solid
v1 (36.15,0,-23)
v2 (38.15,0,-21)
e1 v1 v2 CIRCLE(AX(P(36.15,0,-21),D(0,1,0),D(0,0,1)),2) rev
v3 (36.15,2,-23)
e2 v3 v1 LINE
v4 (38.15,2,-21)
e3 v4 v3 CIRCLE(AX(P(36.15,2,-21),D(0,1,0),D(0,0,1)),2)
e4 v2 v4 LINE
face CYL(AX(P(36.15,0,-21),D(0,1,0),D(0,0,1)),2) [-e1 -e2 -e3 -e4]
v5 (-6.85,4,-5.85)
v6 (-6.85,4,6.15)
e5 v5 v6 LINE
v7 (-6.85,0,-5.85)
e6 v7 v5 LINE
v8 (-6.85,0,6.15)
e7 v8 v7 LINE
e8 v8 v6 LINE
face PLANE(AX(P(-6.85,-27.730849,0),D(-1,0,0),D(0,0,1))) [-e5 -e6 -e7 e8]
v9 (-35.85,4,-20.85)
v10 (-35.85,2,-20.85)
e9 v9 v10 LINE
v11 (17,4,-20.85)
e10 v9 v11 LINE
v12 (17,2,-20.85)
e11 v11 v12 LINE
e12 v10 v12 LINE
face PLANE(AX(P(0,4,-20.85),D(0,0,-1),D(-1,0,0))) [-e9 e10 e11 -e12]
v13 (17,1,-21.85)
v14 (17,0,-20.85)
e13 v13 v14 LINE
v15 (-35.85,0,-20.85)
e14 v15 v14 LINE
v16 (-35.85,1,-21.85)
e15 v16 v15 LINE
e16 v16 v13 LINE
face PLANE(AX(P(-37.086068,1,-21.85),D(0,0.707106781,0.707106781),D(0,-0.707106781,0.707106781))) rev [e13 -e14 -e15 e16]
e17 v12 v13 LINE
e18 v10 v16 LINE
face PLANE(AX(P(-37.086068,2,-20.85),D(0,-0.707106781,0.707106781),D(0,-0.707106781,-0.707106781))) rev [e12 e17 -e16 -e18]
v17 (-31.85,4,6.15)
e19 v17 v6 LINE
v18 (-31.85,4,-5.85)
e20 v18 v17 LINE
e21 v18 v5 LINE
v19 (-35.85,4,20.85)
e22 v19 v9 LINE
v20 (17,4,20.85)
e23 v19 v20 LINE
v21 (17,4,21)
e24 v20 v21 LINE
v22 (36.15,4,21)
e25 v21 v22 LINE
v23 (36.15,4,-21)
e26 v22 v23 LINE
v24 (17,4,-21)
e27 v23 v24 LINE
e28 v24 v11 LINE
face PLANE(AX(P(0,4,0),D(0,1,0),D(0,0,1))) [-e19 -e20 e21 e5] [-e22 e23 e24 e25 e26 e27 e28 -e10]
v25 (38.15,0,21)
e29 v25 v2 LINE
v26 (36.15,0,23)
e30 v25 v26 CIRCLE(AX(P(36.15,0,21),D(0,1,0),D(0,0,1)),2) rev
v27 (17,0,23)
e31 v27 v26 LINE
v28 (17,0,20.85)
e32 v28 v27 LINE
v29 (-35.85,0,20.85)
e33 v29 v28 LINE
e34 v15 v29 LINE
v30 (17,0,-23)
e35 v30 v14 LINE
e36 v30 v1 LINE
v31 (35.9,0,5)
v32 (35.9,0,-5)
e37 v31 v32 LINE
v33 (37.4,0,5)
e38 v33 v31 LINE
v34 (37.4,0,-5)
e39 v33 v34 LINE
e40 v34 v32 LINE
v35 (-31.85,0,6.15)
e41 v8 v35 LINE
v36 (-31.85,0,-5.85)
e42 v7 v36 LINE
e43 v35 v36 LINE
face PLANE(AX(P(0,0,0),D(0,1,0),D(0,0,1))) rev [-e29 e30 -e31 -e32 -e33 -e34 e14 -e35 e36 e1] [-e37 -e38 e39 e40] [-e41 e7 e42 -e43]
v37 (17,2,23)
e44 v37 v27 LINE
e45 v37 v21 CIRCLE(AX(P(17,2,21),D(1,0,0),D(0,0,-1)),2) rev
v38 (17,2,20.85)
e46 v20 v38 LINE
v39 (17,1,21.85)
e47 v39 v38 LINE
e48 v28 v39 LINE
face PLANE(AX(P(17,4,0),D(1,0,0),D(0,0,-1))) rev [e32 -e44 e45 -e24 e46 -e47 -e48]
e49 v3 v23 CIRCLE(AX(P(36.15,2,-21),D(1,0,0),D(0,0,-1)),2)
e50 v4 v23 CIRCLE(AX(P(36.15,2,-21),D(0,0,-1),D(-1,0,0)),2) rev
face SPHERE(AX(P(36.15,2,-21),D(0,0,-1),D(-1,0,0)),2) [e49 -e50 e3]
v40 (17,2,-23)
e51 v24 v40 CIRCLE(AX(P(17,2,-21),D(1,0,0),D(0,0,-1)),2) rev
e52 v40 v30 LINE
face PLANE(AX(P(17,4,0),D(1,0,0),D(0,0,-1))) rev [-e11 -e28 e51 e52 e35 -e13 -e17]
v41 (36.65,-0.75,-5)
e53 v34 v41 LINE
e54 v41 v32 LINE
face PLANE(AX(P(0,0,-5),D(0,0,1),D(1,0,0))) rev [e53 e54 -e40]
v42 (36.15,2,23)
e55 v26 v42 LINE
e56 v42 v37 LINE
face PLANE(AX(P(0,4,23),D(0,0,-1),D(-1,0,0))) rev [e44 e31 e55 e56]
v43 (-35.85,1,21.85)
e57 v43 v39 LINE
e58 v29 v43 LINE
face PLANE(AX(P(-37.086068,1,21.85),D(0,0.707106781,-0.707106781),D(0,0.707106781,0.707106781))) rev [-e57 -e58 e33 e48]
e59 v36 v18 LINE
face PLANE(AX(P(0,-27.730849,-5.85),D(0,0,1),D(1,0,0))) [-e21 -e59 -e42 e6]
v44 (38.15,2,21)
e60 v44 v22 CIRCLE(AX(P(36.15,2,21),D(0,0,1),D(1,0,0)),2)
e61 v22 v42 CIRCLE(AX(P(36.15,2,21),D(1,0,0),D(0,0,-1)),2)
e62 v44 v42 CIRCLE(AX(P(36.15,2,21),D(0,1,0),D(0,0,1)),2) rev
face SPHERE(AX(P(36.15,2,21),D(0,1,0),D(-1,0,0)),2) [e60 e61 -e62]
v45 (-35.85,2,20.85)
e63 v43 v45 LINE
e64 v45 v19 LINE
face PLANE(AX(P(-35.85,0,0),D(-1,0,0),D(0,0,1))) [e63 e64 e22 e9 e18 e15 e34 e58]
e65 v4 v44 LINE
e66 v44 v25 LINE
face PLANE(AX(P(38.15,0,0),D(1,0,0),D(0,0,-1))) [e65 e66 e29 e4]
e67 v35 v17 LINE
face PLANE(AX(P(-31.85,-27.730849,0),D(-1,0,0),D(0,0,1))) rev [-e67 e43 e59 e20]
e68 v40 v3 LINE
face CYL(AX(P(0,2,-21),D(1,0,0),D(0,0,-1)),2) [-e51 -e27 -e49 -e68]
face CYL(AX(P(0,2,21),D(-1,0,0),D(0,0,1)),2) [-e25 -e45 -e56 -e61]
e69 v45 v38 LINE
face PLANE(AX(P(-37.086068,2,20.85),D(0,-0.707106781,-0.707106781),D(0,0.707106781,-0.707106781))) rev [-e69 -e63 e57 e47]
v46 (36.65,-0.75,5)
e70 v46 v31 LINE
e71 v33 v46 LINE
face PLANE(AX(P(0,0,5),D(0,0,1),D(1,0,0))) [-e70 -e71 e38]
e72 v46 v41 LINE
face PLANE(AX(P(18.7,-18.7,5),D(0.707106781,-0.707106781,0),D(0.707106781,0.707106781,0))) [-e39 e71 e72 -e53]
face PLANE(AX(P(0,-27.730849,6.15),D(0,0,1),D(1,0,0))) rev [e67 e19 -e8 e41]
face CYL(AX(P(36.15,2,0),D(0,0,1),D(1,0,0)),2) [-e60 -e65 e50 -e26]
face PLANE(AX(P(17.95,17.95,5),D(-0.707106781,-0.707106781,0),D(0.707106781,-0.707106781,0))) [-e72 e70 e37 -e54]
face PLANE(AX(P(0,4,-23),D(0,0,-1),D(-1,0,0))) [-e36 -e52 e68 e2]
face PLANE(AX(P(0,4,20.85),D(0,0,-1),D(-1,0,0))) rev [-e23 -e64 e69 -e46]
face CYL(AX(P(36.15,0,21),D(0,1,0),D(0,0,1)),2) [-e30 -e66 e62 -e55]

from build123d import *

# Parameters (mm, degrees)
EXTRUDE_2_DEPTH     = 4
EXTRUDE_3_DEPTH     = 51.85
EXTRUDE_4_DEPTH     = 51.85
SKETCH_6_W          = 25
SKETCH_6_H          = 12
CUT_EXTRUDE_1_DEPTH = 4
SKETCH_7_W          = 46
SKETCH_7_H          = 4
EXTRUDE_5_DEPTH     = 1.15
EXTRUDE_6_DEPTH     = 5
EXTRUDE_7_DEPTH     = 1
FILLET_3_R          = 2


with BuildPart() as part:
    # 草图1 → 凸台-拉伸2 (new body)
    with BuildSketch(Plane(origin=(0, 0, 0), x_dir=(1, 0, 0), z_dir=(0, 1, 0))):
        Polygon((16.85, -20.85), (17, -20.85), (17, 20.85), (16.85, 20.85), (-34.85, 20.85), (-34.85, -20.85), align=None)
        Polygon((17, -20.85), (17, -21), (31, -21), (35, -21), (35, -18), (35, 18), (35, 21), (31, 21), (17, 21), (17, 20.85), align=None)
        Polygon((31, -21), (17, -21), (17, -23), (37, -23), (37, 23), (17, 23), (17, 21), (31, 21), (35, 21), (35, 18), (35, -18), (35, -21), align=None)
    extrude(amount=EXTRUDE_2_DEPTH)

    # 草图4 → 凸台-拉伸3 (add)
    with BuildSketch(Plane.ZY.offset(-17)):
        Polygon((-20.85, 2), (-21.85, 1), (-20.85, 0), align=None)
    extrude(amount=EXTRUDE_3_DEPTH)

    # 草图3 → 凸台-拉伸4 (add)
    with BuildSketch(Plane.ZY.offset(-17)):
        Polygon((20.85, 2), (21.85, 1), (20.85, 0), align=None)
    extrude(amount=EXTRUDE_4_DEPTH)

    # 草图6 → 切除-拉伸1 (cut)
    with BuildSketch(Plane(origin=(0, 4, 0), x_dir=(1, 0, 0), z_dir=(0, 1, 0))):
        with Locations((-19.35, -0.15)):
            Rectangle(SKETCH_6_W, SKETCH_6_H)
    extrude(amount=-CUT_EXTRUDE_1_DEPTH, mode=Mode.SUBTRACT)

    # 草图7 → 凸台-拉伸5 (add)
    with BuildSketch(Plane(origin=(37, 0, 0), x_dir=(0, 0, -1), z_dir=(1, 0, 0))):
        with Locations((0, 2)):
            Rectangle(SKETCH_7_W, SKETCH_7_H)
    extrude(amount=EXTRUDE_5_DEPTH)

    # 草图12 → 凸台-拉伸6 (add, symmetric)
    with BuildSketch(Plane.XY):
        Polygon((36.65, 0), (36.65, -0.75), (37.4, 0), align=None)
        Polygon((35.9, 0), (36.65, -0.75), (36.65, 0), align=None)
    extrude(amount=EXTRUDE_6_DEPTH, both=True)

    # 草图14 → 凸台-拉伸7 (add)
    with BuildSketch(Plane.ZY.offset(34.85)):
        Polygon((-20.85, 0), (20.85, 0), (21.85, 1), (20.85, 2), (20.85, 4), (-20.85, 4), (-20.85, 2), (-21.85, 1), align=None)
    extrude(amount=EXTRUDE_7_DEPTH)

    # 圆角3
    fillet_3_edges = [part.edges().sort_by_distance(p)[0] for p in [
        (27.575, 4, 23),
        (27.575, 4, -23),
        (38.15, 2, 23),
        (38.15, 2, -23),
        (38.15, 4, 0),
    ]]
    fillet(fillet_3_edges, radius=FILLET_3_R)


solid = part.part
